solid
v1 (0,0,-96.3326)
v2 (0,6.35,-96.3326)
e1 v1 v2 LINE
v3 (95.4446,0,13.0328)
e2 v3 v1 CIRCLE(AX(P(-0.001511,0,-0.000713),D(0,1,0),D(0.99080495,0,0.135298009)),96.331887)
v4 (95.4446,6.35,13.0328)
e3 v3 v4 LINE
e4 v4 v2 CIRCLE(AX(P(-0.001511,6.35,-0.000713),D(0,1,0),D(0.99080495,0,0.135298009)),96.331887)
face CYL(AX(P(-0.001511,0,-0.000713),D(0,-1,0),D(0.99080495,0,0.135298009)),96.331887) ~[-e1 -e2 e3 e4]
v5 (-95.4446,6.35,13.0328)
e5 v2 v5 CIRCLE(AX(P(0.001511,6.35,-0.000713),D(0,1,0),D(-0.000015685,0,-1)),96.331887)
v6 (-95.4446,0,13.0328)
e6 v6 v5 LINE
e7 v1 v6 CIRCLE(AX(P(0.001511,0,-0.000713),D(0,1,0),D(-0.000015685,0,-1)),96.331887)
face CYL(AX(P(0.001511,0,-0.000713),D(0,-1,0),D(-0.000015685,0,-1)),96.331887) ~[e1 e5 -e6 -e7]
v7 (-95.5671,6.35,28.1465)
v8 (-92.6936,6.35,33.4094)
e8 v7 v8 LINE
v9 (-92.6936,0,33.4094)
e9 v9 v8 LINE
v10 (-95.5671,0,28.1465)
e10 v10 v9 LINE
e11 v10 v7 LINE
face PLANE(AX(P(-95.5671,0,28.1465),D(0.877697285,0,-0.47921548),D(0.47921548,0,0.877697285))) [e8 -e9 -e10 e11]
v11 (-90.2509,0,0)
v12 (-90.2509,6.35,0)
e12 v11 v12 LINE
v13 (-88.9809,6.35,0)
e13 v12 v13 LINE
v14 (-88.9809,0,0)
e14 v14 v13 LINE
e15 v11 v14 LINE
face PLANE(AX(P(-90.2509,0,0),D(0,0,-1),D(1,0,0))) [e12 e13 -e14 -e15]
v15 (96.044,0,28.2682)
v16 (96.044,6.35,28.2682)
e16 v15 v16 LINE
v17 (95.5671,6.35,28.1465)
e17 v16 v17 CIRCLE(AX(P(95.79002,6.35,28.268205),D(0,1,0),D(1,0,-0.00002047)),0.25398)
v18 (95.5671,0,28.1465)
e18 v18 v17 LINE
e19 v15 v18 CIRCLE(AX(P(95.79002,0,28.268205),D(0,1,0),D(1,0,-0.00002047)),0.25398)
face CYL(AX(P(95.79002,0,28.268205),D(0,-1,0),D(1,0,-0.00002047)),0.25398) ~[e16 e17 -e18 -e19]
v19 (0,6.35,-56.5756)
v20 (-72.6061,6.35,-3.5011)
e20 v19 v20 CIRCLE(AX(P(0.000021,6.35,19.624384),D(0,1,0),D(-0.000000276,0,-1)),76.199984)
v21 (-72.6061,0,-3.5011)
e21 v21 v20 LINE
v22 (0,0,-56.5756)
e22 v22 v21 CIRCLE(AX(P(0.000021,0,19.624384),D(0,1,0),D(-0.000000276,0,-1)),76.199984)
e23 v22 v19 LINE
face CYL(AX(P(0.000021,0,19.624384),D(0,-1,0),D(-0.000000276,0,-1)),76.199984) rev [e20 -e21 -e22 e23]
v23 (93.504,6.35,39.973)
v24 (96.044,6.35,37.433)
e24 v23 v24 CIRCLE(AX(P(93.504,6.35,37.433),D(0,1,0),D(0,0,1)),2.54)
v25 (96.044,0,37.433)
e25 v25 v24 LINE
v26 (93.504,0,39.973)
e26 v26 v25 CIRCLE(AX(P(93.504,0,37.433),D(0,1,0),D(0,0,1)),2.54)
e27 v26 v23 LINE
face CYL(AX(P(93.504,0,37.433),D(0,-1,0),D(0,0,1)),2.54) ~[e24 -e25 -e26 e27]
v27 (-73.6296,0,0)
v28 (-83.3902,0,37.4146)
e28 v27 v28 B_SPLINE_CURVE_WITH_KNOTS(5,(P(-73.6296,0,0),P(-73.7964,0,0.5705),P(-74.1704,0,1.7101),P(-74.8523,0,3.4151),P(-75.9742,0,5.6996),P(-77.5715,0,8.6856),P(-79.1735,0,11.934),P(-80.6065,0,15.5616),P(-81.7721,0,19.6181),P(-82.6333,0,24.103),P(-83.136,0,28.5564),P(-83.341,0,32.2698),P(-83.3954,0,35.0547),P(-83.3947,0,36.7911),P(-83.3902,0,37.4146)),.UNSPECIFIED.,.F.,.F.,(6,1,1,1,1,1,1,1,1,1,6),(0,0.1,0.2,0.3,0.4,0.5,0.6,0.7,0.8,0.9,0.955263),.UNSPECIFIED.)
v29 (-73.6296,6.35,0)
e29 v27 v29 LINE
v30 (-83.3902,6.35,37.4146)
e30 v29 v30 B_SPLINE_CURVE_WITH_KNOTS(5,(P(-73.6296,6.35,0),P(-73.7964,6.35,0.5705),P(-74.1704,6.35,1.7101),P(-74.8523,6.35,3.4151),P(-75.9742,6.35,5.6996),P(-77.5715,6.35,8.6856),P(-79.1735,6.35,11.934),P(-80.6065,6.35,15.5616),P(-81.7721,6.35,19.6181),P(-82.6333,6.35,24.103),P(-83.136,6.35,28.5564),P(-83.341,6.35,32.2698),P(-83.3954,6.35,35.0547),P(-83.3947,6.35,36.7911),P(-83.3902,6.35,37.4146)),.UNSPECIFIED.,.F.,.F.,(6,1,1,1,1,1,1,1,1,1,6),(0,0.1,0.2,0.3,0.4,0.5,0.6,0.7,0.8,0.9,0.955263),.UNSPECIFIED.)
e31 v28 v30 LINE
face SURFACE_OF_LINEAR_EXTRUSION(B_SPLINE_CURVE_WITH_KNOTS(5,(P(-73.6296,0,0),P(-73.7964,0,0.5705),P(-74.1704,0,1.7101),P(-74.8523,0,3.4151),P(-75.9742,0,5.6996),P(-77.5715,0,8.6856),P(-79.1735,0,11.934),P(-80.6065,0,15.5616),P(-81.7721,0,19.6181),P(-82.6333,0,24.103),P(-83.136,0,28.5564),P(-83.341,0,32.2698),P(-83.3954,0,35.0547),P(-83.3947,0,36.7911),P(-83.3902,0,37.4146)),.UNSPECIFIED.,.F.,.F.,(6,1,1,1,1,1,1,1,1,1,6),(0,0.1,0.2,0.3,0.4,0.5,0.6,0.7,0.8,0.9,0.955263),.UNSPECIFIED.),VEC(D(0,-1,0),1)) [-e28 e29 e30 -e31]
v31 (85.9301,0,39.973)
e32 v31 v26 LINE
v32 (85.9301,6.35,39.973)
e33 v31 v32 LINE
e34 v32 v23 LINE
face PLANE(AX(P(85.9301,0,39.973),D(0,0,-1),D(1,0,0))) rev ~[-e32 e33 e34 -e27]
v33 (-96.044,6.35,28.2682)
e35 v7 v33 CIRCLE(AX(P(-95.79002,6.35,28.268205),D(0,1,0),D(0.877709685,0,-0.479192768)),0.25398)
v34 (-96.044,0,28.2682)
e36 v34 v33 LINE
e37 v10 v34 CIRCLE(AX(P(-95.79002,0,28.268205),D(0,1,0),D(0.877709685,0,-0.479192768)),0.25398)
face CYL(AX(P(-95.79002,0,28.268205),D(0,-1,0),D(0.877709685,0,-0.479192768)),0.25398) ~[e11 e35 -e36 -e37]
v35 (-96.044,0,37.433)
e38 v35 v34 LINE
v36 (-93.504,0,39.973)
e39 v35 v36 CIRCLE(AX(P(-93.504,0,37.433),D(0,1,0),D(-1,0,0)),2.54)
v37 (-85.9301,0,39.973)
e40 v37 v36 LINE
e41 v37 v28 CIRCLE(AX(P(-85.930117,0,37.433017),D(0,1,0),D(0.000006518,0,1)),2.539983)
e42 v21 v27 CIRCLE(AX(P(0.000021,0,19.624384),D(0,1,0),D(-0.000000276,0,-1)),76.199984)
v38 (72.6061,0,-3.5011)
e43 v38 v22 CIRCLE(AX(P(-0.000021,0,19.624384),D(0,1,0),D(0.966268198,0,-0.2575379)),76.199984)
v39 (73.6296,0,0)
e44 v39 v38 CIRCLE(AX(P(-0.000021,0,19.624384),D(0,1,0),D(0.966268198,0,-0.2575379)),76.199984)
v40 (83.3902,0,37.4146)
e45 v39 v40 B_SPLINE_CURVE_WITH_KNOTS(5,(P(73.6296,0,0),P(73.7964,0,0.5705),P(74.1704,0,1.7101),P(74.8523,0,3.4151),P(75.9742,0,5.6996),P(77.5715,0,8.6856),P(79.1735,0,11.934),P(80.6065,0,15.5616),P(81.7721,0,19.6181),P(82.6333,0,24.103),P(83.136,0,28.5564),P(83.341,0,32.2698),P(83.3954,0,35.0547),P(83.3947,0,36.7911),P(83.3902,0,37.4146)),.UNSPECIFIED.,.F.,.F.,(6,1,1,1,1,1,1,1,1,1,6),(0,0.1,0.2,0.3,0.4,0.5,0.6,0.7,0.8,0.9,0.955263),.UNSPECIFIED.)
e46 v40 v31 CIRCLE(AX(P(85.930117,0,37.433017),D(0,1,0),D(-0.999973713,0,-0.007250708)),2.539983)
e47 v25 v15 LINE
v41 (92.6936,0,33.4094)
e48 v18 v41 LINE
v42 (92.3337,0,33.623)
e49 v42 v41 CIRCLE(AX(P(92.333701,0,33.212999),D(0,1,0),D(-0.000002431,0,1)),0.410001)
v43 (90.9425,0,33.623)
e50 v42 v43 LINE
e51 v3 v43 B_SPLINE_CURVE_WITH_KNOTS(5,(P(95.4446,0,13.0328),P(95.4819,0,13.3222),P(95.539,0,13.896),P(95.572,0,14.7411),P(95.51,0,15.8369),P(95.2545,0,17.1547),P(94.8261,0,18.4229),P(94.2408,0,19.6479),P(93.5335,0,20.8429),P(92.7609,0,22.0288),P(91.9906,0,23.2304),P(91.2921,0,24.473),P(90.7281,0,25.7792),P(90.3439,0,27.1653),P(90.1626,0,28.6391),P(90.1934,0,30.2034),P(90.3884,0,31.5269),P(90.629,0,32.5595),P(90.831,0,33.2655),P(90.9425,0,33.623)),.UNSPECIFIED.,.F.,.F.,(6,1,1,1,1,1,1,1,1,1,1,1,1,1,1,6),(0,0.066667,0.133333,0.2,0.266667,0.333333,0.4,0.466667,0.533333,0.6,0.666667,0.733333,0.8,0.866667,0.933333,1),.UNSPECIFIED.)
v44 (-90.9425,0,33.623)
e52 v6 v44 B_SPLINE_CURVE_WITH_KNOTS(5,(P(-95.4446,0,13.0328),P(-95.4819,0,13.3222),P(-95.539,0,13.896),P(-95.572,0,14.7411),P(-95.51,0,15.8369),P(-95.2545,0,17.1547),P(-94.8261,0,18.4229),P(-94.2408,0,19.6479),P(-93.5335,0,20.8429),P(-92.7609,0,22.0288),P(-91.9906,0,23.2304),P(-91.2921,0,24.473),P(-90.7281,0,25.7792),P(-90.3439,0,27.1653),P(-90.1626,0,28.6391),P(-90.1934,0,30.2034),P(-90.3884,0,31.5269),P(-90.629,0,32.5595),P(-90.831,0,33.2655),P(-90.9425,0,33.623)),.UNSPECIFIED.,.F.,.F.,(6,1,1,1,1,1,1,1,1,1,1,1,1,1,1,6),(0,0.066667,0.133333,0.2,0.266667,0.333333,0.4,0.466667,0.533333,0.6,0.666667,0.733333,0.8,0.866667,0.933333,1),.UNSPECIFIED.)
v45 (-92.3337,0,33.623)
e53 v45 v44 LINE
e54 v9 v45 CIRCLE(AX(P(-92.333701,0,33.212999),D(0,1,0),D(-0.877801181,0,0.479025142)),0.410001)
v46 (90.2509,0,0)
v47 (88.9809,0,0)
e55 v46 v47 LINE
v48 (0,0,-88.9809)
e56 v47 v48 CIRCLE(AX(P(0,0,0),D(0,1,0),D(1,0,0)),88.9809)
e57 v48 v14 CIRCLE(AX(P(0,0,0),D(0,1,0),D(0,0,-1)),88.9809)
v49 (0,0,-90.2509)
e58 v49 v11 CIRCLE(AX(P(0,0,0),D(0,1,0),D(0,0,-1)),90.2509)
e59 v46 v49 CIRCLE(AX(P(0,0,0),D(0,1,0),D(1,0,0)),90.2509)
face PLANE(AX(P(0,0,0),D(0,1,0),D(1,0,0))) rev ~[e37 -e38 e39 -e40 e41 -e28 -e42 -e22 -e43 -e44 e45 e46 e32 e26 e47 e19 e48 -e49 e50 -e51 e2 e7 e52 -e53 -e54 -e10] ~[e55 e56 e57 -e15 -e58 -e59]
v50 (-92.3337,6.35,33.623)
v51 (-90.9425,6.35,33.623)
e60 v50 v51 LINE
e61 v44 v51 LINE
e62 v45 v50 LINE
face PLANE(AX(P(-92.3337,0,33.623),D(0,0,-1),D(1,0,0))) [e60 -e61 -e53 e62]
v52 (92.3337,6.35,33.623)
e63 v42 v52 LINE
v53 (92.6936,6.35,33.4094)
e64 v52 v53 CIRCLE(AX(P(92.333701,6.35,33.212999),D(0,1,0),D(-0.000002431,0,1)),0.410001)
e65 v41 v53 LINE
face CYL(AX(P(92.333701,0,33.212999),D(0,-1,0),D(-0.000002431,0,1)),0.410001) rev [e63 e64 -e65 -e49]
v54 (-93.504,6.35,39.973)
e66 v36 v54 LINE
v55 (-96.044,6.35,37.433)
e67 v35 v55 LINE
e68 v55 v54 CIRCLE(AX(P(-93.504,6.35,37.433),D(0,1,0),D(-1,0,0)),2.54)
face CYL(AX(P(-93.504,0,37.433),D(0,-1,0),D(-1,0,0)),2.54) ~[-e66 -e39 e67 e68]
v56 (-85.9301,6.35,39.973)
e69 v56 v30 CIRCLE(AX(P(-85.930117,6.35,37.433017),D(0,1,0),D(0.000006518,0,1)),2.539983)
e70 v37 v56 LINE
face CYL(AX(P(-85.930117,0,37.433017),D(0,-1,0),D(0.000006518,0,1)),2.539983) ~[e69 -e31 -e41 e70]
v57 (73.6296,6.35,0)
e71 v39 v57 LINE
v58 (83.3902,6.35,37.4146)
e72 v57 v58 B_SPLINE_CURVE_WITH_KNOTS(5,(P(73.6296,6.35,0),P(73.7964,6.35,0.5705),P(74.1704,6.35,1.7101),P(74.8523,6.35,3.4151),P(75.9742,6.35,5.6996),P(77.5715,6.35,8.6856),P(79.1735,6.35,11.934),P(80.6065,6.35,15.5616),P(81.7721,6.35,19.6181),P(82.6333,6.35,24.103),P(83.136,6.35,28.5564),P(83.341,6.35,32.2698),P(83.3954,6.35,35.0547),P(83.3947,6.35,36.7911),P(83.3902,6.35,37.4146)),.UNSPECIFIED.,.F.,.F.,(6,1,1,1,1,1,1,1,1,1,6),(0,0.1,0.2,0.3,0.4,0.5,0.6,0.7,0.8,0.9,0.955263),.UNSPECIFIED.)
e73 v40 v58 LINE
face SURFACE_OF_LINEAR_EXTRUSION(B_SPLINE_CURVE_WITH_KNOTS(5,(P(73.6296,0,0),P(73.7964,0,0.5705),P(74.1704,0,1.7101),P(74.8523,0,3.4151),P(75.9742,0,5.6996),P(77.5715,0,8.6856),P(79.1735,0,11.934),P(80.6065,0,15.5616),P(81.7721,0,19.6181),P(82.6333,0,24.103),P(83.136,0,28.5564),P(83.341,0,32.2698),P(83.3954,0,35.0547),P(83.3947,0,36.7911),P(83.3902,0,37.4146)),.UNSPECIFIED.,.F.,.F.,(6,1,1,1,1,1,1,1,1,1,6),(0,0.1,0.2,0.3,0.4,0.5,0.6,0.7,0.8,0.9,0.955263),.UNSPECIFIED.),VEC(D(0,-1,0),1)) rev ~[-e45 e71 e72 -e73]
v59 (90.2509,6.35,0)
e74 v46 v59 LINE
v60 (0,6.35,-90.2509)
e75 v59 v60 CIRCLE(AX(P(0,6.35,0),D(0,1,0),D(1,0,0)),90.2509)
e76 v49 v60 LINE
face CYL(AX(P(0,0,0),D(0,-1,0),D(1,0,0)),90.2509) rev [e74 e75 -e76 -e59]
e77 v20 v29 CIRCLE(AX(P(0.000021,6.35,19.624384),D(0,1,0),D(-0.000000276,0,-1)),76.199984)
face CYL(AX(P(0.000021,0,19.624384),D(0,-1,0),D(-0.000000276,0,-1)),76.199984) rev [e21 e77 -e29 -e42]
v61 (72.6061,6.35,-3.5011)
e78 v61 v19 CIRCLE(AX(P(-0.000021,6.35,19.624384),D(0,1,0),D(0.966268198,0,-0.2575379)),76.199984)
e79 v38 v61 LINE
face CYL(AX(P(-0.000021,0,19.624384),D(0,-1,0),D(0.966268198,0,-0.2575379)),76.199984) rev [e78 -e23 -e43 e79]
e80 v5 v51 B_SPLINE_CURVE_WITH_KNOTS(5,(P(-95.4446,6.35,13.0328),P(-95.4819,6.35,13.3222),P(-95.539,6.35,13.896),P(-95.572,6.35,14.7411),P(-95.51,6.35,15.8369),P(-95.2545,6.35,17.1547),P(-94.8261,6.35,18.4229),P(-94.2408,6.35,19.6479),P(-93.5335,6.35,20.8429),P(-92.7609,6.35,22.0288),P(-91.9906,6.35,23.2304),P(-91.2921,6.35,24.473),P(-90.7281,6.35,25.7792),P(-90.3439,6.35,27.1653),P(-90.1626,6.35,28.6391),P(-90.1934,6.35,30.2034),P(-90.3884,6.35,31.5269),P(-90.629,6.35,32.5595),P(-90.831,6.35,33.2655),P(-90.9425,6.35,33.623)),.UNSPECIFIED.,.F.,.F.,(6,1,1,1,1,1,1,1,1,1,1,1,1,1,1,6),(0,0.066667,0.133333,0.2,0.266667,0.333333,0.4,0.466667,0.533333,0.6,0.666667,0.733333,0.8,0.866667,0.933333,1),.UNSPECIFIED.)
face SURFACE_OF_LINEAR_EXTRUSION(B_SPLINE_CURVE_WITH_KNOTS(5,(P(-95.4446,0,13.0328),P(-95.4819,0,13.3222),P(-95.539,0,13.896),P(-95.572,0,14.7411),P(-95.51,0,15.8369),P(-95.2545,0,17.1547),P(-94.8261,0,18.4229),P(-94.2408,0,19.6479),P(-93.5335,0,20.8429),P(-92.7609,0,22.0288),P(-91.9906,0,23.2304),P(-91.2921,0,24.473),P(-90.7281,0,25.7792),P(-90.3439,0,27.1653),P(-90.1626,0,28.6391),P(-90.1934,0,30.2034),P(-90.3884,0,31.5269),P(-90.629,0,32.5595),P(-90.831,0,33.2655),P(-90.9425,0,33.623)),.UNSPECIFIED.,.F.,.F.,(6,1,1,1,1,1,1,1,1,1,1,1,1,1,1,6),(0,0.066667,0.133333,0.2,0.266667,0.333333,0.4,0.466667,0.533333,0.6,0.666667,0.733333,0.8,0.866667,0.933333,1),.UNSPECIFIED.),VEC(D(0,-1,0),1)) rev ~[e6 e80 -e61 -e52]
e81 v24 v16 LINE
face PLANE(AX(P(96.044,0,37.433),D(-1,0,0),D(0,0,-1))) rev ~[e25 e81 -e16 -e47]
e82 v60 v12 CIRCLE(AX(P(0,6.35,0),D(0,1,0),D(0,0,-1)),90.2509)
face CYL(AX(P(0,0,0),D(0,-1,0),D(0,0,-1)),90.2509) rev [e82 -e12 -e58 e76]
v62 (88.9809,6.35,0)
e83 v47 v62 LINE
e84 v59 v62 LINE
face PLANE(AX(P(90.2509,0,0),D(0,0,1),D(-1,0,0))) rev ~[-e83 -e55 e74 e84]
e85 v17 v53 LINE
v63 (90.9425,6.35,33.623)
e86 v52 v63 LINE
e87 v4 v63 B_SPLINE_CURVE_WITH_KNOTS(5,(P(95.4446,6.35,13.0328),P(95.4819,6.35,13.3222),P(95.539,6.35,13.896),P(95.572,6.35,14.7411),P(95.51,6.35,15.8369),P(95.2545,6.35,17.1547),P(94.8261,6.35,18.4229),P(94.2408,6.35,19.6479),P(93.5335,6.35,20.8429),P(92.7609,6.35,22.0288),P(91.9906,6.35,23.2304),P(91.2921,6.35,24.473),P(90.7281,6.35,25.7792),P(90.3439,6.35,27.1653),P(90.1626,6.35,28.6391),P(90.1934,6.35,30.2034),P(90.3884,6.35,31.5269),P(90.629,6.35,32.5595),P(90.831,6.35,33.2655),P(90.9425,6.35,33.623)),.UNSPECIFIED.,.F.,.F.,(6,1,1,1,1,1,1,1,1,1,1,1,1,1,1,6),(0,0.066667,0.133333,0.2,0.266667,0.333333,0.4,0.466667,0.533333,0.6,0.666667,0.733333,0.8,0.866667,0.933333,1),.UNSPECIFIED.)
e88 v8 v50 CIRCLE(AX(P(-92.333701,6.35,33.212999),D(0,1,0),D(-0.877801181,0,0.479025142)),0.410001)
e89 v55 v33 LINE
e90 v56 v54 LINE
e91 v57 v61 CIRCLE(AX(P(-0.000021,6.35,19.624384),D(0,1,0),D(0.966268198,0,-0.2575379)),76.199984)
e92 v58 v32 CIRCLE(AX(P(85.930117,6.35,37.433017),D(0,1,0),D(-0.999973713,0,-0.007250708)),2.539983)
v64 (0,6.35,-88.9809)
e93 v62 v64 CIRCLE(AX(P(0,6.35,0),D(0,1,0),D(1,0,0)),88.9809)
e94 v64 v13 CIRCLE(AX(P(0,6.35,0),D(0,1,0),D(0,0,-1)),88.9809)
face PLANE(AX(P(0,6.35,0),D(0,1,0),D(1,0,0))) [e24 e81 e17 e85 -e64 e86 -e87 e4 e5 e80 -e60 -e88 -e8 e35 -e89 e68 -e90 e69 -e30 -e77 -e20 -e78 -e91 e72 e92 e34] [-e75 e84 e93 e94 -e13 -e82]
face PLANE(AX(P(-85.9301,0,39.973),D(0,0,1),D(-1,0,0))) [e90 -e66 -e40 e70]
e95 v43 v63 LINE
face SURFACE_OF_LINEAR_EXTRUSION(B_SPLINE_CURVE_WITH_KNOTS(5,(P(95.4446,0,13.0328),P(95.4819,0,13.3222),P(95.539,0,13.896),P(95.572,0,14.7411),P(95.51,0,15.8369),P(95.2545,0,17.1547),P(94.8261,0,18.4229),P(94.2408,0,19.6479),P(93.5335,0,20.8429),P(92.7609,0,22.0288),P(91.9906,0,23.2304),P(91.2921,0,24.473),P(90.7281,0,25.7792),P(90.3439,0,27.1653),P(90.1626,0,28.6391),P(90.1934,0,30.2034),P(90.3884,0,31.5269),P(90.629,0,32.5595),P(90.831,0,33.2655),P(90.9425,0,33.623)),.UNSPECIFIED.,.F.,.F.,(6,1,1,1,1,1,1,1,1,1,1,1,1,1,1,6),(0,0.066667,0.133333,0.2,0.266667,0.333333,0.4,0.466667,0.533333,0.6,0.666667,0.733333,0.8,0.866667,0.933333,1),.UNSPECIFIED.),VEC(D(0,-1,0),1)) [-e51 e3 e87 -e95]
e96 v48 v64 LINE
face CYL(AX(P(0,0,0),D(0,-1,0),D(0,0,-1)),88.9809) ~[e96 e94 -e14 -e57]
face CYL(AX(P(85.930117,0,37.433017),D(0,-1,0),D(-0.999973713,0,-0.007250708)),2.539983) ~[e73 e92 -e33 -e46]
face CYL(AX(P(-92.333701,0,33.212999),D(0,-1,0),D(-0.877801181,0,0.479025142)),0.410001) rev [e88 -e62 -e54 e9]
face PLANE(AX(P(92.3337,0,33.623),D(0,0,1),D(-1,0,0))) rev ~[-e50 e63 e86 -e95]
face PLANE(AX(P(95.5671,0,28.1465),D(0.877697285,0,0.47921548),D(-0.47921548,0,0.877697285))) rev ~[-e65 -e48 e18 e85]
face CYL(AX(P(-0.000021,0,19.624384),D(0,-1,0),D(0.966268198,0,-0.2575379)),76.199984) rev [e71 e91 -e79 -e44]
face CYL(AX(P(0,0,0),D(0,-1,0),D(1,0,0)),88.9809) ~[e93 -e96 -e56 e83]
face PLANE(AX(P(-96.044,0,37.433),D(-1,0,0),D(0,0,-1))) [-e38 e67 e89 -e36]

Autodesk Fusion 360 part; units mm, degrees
sketch "Sketch1" plane through (0, 0, 0) normal (0, 1, 0) x (1, 0, 0)
  arc A0 (90.2509, 0) -> (0, 90.2509) centre (0, 0) ccw
  arc A1 (73.6296, 0) -> (0, 56.5756) centre (0, -19.6244) ccw
  arc A2 (95.4446, -13.0328) -> (0, 96.3326) centre (-0.0015, 0.0007) ccw
  arc A3 (88.9809, 0) -> (0, 88.9809) centre (0, 0) ccw
  line L0 (-90.2509, 0) -> (-88.9809, 0)
  spline S0 degree 5 poles (73.6296, 0) (73.7964, -0.5705) (74.1704, -1.7101) (74.8523, -3.4151) (75.9742, -5.6996) (77.5715, -8.6856) (79.1735, -11.934) (80.6065, -15.5616) (81.7721, -19.6181) (82.6333, -24.103) (83.136, -28.5564) (83.341, -32.2698) (83.3954, -35.0547) (83.3947, -36.7911) (83.3902, -37.4146) knots 0 0 0 0 0 0 0.1 0.2 0.3 0.4 0.5 0.6 0.7 0.8 0.9 0.955263 0.955263 0.955263 0.955263 0.955263 0.955263
  line L1 (72.6061, 3.5011) -> (74.6531, -3.5011)
  line L2 (85.9301, -39.973) -> (93.504, -39.973)
  line L3 (96.044, -37.433) -> (96.044, -28.2682)
  line L4 (95.5671, -28.1465) -> (92.6936, -33.4094)
  line L5 (92.3337, -33.623) -> (90.9425, -33.623)
  spline S1 degree 5 poles (95.4446, -13.0328) (95.4819, -13.3222) (95.539, -13.896) (95.572, -14.7411) (95.51, -15.8369) (95.2545, -17.1547) (94.8261, -18.4229) (94.2408, -19.6479) (93.5335, -20.8429) (92.7609, -22.0288) (91.9906, -23.2304) (91.2921, -24.473) (90.7281, -25.7792) (90.3439, -27.1653) (90.1626, -28.6391) (90.1934, -30.2034) (90.3884, -31.5269) (90.629, -32.5595) (90.831, -33.2655) (90.9425, -33.623) knots 0 0 0 0 0 0 0.066667 0.133333 0.2 0.266667 0.333333 0.4 0.466667 0.533333 0.6 0.666667 0.733333 0.8 0.866667 0.933333 1 1 1 1 1 1
  arc A4 (92.3337, -33.623) -> (92.6936, -33.4094) centre (92.3337, -33.213) ccw
  arc A5 (83.3902, -37.4146) -> (85.9301, -39.973) centre (85.9301, -37.433) ccw
  arc A6 (93.504, -39.973) -> (96.044, -37.433) centre (93.504, -37.433) ccw
  arc A7 (96.044, -28.2682) -> (95.5671, -28.1465) centre (95.79, -28.2682) ccw
  arc A8 (-95.5671, -28.1465) -> (-96.044, -28.2682) centre (-95.79, -28.2682) ccw
  line L6 (-96.044, -37.433) -> (-96.044, -28.2682)
  arc A9 (-85.9301, -39.973) -> (-83.3902, -37.4146) centre (-85.9301, -37.433) ccw
  arc A10 (-96.044, -37.433) -> (-93.504, -39.973) centre (-93.504, -37.433) ccw
  spline S2 degree 5 poles (-95.4446, -13.0328) (-95.4819, -13.3222) (-95.539, -13.896) (-95.572, -14.7411) (-95.51, -15.8369) (-95.2545, -17.1547) (-94.8261, -18.4229) (-94.2408, -19.6479) (-93.5335, -20.8429) (-92.7609, -22.0288) (-91.9906, -23.2304) (-91.2921, -24.473) (-90.7281, -25.7792) (-90.3439, -27.1653) (-90.1626, -28.6391) (-90.1934, -30.2034) (-90.3884, -31.5269) (-90.629, -32.5595) (-90.831, -33.2655) (-90.9425, -33.623) knots 0 0 0 0 0 0 0.066667 0.133333 0.2 0.266667 0.333333 0.4 0.466667 0.533333 0.6 0.666667 0.733333 0.8 0.866667 0.933333 1 1 1 1 1 1
  line L7 (95.1319, -10.6077) -> (95.7573, -15.4579)
  line L8 (90.1321, -31.0241) -> (91.7529, -36.2218)
  line L9 (-95.1319, -10.6077) -> (-95.7573, -15.4579)
  line L10 (-90.1321, -31.0241) -> (-91.7529, -36.2218)
  arc A11 (0, 90.2509) -> (-90.2509, 0) centre (0, 0) ccw
  arc A12 (0, 56.5756) -> (-73.6296, 0) centre (0, -19.6244) ccw
  line L11 (-85.9301, -39.973) -> (-93.504, -39.973)
  spline S3 degree 5 poles (-73.6296, 0) (-73.7964, -0.5705) (-74.1704, -1.7101) (-74.8523, -3.4151) (-75.9742, -5.6996) (-77.5715, -8.6856) (-79.1735, -11.934) (-80.6065, -15.5616) (-81.7721, -19.6181) (-82.6333, -24.103) (-83.136, -28.5564) (-83.341, -32.2698) (-83.3954, -35.0547) (-83.3947, -36.7911) (-83.3902, -37.4146) knots 0 0 0 0 0 0 0.1 0.2 0.3 0.4 0.5 0.6 0.7 0.8 0.9 0.955263 0.955263 0.955263 0.955263 0.955263 0.955263
  line L12 (83.4236, -32.561) -> (83.3568, -42.2681)
  line L13 (-72.6061, 3.5011) -> (-74.6531, -3.5011)
  line L14 (-83.4236, -32.561) -> (-83.3568, -42.2681)
  line L15 (-95.5671, -28.1465) -> (-92.6936, -33.4094)
  arc A13 (0, 88.9809) -> (-88.9809, 0) centre (0, 0) ccw
  arc A14 (0, 96.3326) -> (-95.4446, -13.0328) centre (0.0015, 0.0007) ccw
  line L16 (-92.3337, -33.623) -> (-90.9425, -33.623)
  arc A15 (-92.6936, -33.4094) -> (-92.3337, -33.623) centre (-92.3337, -33.213) ccw
  line L17 (90.2509, 0) -> (88.9809, 0)
  point P0 (79.4459, -12.7634)
  point P1 (83.344, -39.973)
  point P2 (96.044, -39.973)
  point P3 (96.044, -27.273)
  point P4 (90.9399, -25.3534)
  point P5 (94.3711, -19.329)
  point P6 (-83.344, -39.973)
  point P7 (-96.044, -27.273)
  point P8 (-79.4459, -12.7634)
  point P9 (-96.044, -39.973)
  point P10 (-94.3711, -19.329)
  point P11 (-90.9399, -25.3534)
  dimension "d1" = 180.5018
  dimension "d3" = 177.9618
  dimension "d4" = 12.7
  dimension "d5" = 12.7
  dimension "d6" = 0.41
  dimension "d7" = 2.54
  dimension "d8" = 2.54
  dimension "d9" = 0.254
extrude "Extrude1" add sketch "Sketch1" along normal blind 6.35 contours A1 A2 S0 L2 L3 L4 L5 S1 A4 A5 A6 A7 A8 L6 A9 A10 S2 A12 L11 S3 L15 A14 L16 A15
equation "d1 = ( ( 22 / 3.14 ) * 1 in ) + 0.1 in"
equation "d3 = ( ( 22 / 3.14 ) * 1 in )"
